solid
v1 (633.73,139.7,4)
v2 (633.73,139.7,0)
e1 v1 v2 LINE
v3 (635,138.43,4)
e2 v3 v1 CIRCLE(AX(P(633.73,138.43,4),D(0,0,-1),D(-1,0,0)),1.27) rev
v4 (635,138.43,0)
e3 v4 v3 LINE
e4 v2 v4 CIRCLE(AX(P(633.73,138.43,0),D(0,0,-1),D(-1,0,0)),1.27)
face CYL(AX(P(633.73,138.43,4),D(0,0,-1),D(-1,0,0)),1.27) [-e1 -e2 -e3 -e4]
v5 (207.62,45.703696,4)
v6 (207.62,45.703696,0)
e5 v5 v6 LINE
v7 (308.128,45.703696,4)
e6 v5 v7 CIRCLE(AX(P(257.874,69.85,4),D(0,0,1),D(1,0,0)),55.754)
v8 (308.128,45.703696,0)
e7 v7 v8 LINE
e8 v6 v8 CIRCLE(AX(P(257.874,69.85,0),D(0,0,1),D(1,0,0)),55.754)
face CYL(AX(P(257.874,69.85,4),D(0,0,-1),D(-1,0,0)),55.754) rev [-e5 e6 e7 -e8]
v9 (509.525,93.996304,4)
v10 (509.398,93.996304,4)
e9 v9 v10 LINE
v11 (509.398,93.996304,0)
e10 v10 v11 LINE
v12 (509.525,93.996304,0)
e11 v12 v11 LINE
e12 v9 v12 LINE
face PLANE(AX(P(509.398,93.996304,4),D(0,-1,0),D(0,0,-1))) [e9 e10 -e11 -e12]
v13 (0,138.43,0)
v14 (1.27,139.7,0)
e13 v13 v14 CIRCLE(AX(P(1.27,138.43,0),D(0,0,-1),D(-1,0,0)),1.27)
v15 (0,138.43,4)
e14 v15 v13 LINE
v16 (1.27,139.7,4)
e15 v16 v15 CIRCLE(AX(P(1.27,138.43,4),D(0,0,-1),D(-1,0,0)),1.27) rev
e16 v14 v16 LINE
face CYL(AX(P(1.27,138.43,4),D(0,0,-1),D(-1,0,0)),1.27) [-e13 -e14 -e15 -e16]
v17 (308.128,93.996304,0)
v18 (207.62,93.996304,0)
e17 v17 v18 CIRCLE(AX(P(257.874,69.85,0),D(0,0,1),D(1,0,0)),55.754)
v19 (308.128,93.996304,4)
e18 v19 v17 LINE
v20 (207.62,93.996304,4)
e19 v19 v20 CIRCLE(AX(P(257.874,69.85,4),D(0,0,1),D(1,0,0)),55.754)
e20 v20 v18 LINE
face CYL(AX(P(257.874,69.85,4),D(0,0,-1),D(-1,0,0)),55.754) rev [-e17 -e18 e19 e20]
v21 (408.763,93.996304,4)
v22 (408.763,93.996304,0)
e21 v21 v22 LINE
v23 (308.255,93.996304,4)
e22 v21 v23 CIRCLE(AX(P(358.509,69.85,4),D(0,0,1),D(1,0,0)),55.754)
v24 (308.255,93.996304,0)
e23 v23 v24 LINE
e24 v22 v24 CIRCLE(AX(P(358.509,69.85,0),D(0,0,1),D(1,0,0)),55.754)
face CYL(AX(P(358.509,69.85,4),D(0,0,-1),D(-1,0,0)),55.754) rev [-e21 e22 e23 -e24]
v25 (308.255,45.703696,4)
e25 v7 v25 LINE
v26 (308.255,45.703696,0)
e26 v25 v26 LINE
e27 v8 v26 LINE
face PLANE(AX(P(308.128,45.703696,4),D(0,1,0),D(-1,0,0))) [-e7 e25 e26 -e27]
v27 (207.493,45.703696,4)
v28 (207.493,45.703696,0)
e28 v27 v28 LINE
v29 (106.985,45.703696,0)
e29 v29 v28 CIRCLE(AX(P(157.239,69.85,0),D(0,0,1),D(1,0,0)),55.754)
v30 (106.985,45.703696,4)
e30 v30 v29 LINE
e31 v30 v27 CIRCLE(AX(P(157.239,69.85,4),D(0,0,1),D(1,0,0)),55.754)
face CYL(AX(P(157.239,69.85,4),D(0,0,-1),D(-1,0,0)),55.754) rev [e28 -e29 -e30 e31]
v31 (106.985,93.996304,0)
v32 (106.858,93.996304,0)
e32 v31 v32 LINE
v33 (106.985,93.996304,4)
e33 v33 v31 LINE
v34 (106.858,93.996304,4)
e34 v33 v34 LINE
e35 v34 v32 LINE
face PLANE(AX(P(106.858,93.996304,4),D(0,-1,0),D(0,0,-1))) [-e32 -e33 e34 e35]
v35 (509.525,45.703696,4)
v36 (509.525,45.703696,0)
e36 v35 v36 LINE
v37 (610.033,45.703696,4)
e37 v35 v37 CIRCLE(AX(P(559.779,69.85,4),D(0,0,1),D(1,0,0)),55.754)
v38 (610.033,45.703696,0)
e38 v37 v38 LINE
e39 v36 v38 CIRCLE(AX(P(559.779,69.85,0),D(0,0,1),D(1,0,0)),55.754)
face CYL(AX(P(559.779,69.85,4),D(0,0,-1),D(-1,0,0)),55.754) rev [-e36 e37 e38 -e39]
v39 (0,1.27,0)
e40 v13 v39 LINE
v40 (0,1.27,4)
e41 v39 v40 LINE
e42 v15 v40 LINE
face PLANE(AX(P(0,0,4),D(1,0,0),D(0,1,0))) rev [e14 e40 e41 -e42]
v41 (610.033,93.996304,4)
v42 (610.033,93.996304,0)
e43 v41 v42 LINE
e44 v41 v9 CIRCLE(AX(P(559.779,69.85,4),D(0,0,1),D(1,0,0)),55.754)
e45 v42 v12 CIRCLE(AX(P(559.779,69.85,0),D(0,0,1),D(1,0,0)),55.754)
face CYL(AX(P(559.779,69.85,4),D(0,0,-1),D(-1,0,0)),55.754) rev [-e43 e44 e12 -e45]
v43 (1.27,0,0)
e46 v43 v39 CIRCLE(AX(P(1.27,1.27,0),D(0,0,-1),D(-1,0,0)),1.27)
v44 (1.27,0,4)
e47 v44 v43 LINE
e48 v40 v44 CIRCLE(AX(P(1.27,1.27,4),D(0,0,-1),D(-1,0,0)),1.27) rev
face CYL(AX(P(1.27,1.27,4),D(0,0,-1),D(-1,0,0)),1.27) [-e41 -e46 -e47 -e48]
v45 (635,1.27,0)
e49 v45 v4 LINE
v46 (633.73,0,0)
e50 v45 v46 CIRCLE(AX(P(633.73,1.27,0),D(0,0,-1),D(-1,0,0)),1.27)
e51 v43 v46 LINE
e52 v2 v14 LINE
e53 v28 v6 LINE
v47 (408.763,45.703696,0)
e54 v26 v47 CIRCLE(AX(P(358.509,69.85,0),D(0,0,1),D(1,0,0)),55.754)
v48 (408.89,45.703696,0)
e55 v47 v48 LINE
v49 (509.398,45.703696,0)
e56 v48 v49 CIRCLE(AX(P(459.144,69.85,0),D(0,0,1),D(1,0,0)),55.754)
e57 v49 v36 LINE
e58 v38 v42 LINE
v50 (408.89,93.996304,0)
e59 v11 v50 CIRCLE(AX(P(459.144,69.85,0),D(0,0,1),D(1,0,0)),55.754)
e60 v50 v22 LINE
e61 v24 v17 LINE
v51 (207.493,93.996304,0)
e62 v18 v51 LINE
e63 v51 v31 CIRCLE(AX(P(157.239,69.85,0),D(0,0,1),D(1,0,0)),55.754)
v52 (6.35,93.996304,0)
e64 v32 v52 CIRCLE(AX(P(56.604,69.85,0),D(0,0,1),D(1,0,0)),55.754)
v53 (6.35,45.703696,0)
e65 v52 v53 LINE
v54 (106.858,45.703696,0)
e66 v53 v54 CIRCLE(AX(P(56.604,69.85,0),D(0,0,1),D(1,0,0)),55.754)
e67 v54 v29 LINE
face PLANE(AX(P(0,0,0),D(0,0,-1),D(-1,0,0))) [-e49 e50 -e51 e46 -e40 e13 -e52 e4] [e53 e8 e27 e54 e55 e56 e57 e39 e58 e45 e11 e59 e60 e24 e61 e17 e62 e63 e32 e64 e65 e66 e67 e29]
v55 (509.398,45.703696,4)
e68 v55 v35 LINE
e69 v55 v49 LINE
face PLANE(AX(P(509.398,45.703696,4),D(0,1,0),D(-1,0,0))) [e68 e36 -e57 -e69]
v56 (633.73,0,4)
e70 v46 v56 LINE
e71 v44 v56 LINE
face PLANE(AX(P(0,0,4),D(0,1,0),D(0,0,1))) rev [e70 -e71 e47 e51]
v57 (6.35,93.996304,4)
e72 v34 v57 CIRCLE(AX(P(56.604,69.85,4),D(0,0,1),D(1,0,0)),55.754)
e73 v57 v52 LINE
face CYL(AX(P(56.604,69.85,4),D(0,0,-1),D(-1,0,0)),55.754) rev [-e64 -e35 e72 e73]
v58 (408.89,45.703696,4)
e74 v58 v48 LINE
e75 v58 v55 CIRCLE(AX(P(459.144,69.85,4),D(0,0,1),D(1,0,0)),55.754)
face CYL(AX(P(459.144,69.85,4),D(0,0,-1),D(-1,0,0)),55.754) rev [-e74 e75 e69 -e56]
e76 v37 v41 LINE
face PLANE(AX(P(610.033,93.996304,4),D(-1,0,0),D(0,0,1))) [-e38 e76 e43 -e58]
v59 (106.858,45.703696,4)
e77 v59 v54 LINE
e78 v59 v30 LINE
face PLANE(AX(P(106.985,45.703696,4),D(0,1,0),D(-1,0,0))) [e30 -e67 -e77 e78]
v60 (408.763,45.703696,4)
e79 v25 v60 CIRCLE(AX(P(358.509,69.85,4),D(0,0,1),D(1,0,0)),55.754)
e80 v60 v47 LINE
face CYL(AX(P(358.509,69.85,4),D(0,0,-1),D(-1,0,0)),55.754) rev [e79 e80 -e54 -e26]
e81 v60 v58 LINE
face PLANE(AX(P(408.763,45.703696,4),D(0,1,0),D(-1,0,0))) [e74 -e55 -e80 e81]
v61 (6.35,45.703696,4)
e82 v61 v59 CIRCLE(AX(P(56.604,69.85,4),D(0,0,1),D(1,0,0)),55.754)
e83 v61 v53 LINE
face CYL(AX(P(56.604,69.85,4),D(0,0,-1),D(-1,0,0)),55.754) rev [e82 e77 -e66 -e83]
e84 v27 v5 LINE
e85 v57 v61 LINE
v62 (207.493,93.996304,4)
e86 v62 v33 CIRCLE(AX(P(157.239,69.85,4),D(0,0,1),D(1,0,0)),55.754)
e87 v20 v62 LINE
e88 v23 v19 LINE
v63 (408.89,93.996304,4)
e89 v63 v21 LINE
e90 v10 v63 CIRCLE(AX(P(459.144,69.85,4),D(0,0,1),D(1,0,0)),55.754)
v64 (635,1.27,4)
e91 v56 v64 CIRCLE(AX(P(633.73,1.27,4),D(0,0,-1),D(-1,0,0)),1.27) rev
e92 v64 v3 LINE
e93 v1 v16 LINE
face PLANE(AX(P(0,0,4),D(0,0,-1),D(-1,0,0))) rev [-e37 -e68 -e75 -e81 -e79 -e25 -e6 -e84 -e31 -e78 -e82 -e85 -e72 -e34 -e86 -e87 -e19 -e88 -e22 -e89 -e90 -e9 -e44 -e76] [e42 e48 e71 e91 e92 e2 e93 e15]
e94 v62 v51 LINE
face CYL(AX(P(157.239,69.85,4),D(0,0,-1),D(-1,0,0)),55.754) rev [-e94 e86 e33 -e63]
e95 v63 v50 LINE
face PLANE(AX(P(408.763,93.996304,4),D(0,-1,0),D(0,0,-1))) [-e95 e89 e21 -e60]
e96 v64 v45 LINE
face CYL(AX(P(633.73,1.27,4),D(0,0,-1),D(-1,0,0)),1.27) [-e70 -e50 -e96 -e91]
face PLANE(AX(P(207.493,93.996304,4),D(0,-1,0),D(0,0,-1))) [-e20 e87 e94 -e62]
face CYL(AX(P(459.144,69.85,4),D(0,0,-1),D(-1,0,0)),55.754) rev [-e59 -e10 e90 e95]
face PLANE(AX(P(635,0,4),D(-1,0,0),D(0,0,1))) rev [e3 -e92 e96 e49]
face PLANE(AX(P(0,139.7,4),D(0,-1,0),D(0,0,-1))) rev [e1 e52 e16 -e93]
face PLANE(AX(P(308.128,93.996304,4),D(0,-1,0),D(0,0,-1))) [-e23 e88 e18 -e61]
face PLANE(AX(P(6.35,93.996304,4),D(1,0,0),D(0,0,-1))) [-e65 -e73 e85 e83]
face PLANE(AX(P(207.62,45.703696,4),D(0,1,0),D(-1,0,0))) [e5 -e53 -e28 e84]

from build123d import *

# Parameters (mm, degrees)
SKETCH4_W                                = 635
SKETCH4_H                                = 139.7
DIMENSIONS_CONTROL_OPTICS_LOCATION_DEPTH = 4
FILLET1_R                                = 1.27


with BuildPart() as part:
    # Sketch4 → DIMENSIONS CONTROL OPTICS LOCATION (new body)
    with BuildSketch(Plane.XY):
        with Locations((317.5, 69.85)):
            Rectangle(SKETCH4_W, SKETCH4_H)
        with BuildLine():
            Line((6.35, 93.996304065), (6.35, 45.703695935))
            ThreePointArc((6.35, 45.703695935), (56.604, 14.096), (106.858, 45.703695935))
            Line((106.858, 45.703695935), (106.985, 45.703695935))
            ThreePointArc((106.985, 45.703695935), (157.239, 14.096), (207.493, 45.703695935))
            Line((207.493, 45.703695935), (207.62, 45.703695935))
            ThreePointArc((207.62, 45.703695935), (257.874, 14.096), (308.128, 45.703695935))
            Line((308.128, 45.703695935), (308.255, 45.703695935))
            ThreePointArc((308.255, 45.703695935), (358.509, 14.096), (408.763, 45.703695935))
            Line((408.763, 45.703695935), (408.89, 45.703695935))
            ThreePointArc((408.89, 45.703695935), (459.144, 14.096), (509.398, 45.703695935))
            Line((509.398, 45.703695935), (509.525, 45.703695935))
            ThreePointArc((509.525, 45.703695935), (559.779, 14.096), (610.033, 45.703695935))
            Line((610.033, 45.703695935), (610.033, 93.996304065))
            ThreePointArc((610.033, 93.996304065), (559.779, 125.604), (509.525, 93.996304065))
            Line((509.525, 93.996304065), (509.398, 93.996304065))
            ThreePointArc((509.398, 93.996304065), (459.144, 125.604), (408.89, 93.996304065))
            Line((408.89, 93.996304065), (408.763, 93.996304065))
            ThreePointArc((408.763, 93.996304065), (358.509, 125.604), (308.255, 93.996304065))
            Line((308.255, 93.996304065), (308.128, 93.996304065))
            ThreePointArc((308.128, 93.996304065), (257.874, 125.604), (207.62, 93.996304065))
            Line((207.62, 93.996304065), (207.493, 93.996304065))
            ThreePointArc((207.493, 93.996304065), (157.239, 125.604), (106.985, 93.996304065))
            Line((106.985, 93.996304065), (106.858, 93.996304065))
            ThreePointArc((106.858, 93.996304065), (56.604, 125.604), (6.35, 93.996304065))
        make_face(mode=Mode.SUBTRACT)
    extrude(amount=DIMENSIONS_CONTROL_OPTICS_LOCATION_DEPTH)

    # Fillet1
    fillet1_edges = [part.edges().sort_by_distance(p)[0] for p in [
        (635, 0, 2),
        (0, 0, 2),
        (0, 139.7, 2),
        (635, 139.7, 2),
    ]]
    fillet(fillet1_edges, radius=FILLET1_R)


solid = part.part
